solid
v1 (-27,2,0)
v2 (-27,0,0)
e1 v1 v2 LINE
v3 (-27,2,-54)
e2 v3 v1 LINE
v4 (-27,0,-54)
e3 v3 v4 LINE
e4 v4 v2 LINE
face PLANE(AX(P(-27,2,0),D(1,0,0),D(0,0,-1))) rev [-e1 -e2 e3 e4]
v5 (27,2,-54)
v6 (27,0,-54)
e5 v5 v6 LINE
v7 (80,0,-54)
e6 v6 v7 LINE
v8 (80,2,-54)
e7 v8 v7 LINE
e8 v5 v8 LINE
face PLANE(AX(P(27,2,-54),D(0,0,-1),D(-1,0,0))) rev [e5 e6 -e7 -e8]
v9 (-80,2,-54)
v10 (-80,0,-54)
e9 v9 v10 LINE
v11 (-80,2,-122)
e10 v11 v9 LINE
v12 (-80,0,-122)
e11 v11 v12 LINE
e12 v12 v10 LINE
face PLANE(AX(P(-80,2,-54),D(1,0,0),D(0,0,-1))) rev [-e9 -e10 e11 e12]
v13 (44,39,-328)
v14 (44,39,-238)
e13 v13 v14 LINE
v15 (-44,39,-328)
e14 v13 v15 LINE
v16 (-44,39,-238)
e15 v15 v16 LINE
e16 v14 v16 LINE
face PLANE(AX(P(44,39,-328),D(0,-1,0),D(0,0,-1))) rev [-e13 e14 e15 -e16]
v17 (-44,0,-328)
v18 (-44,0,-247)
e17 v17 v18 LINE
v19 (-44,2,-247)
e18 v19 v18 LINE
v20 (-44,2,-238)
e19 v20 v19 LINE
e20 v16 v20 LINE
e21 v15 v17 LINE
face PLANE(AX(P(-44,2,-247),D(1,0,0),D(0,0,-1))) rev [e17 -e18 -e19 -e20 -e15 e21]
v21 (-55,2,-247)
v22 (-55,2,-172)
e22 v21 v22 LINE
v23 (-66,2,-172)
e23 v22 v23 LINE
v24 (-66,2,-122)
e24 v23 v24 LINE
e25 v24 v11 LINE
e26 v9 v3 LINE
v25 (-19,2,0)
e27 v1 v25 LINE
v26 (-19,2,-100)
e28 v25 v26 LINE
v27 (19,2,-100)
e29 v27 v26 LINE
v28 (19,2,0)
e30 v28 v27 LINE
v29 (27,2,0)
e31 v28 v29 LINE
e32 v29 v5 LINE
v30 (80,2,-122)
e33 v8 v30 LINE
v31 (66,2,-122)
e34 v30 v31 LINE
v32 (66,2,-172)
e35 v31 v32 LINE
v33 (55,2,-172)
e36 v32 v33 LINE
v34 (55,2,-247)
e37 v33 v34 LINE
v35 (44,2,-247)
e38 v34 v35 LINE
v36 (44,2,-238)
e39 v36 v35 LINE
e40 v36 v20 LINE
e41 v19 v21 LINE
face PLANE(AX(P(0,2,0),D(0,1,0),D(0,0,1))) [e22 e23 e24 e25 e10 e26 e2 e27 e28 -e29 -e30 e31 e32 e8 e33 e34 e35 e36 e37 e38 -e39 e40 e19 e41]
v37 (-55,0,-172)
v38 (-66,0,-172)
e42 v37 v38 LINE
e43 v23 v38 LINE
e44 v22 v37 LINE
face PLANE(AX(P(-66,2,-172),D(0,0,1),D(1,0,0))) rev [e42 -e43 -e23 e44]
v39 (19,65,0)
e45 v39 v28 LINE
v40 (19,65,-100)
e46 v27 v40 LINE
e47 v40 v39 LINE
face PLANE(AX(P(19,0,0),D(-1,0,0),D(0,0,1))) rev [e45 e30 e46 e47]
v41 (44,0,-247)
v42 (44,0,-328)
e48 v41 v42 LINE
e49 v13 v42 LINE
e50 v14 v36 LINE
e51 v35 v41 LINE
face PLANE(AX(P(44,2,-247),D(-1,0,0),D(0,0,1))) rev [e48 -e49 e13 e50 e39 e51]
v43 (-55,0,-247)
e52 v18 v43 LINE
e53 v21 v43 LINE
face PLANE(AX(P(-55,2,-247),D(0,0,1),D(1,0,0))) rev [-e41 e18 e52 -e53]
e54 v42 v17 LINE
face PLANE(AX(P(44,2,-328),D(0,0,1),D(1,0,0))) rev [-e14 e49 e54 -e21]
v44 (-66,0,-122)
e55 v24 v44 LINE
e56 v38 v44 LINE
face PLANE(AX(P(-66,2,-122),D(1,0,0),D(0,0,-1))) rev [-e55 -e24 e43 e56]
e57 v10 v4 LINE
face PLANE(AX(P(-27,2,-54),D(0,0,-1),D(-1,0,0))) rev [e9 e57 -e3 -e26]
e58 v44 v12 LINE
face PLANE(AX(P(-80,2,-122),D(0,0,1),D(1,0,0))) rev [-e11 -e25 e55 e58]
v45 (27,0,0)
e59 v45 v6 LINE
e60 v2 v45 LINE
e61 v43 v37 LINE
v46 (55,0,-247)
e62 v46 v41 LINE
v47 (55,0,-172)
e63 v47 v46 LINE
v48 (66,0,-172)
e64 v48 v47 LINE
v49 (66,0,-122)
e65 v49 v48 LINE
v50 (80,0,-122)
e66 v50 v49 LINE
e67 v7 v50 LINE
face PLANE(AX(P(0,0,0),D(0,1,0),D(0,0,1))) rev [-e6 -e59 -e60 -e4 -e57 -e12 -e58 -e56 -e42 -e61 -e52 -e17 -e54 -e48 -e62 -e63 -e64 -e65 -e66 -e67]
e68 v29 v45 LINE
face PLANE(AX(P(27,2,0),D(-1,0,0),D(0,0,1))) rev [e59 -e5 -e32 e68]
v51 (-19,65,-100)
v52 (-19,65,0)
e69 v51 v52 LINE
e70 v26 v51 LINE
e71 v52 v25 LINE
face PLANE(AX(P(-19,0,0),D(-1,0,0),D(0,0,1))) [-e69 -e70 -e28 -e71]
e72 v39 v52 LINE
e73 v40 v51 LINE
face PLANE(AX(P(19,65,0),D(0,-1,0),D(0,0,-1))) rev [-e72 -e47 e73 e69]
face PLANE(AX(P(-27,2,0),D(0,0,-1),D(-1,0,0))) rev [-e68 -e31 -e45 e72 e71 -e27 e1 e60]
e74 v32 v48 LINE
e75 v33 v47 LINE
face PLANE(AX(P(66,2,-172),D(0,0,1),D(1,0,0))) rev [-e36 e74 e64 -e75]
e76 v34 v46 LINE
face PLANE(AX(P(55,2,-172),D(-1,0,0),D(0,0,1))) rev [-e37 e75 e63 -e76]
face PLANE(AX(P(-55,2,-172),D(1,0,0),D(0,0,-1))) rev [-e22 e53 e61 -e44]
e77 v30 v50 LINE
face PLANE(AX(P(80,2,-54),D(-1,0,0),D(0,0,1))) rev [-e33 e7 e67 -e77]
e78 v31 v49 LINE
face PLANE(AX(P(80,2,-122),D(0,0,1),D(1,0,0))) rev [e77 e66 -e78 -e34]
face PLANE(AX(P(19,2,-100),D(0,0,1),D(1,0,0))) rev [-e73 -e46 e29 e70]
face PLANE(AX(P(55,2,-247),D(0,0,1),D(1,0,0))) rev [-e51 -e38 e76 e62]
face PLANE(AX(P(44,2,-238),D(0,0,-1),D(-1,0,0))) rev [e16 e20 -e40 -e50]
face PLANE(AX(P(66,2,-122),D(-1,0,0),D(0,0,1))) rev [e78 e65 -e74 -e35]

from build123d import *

# Parameters (mm, degrees)
BOSS_EXTRUDE1_DEPTH      = 2
BOSS_EXTRUDE2_DEPTH      = 19
BOSS_EXTRUDE2_DEPTH_BACK = 19
SKETCH3_W                = 100
SKETCH3_H                = 63
BOSS_EXTRUDE3_START      = -44
SKETCH6_W                = 90
SKETCH6_H                = 37
BOSS_EXTRUDE3_DEPTH      = 88


with BuildPart() as part:
    # Sketch2 → Boss-Extrude1 (new body)
    with BuildSketch(Plane(origin=(0, 0, 0), x_dir=(1, 0, 0), z_dir=(0, 1, 0))):
        Polygon((-27, 0), (27, 0), (27, 54), (80, 54), (80, 122), (66, 122), (66, 172), (55, 172), (55, 247), (44, 247), (44, 328), (-44, 328), (-44, 247), (-55, 247), (-55, 172), (-66, 172), (-66, 122), (-80, 122), (-80, 54), (-27, 54), align=None)
    extrude(amount=BOSS_EXTRUDE1_DEPTH)

    # Sketch3 → Boss-Extrude2 (add, two sides: drawn at the far end of the back side and taken through both)
    with BuildSketch(Plane(origin=(0, 0, 0), x_dir=(0, 0, -1), z_dir=(1, 0, 0)).offset(-BOSS_EXTRUDE2_DEPTH_BACK)):
        with Locations((50, 33.5)):
            Rectangle(SKETCH3_W, SKETCH3_H)
    extrude(amount=BOSS_EXTRUDE2_DEPTH + BOSS_EXTRUDE2_DEPTH_BACK)

    # Sketch6 → Boss-Extrude3 (add)
    with BuildSketch(Plane(origin=(0, 0, 0), x_dir=(0, 0, -1), z_dir=(1, 0, 0)).offset(BOSS_EXTRUDE3_START)):
        with Locations((283, 20.5)):
            Rectangle(SKETCH6_W, SKETCH6_H)
    extrude(amount=BOSS_EXTRUDE3_DEPTH)


solid = part.part
